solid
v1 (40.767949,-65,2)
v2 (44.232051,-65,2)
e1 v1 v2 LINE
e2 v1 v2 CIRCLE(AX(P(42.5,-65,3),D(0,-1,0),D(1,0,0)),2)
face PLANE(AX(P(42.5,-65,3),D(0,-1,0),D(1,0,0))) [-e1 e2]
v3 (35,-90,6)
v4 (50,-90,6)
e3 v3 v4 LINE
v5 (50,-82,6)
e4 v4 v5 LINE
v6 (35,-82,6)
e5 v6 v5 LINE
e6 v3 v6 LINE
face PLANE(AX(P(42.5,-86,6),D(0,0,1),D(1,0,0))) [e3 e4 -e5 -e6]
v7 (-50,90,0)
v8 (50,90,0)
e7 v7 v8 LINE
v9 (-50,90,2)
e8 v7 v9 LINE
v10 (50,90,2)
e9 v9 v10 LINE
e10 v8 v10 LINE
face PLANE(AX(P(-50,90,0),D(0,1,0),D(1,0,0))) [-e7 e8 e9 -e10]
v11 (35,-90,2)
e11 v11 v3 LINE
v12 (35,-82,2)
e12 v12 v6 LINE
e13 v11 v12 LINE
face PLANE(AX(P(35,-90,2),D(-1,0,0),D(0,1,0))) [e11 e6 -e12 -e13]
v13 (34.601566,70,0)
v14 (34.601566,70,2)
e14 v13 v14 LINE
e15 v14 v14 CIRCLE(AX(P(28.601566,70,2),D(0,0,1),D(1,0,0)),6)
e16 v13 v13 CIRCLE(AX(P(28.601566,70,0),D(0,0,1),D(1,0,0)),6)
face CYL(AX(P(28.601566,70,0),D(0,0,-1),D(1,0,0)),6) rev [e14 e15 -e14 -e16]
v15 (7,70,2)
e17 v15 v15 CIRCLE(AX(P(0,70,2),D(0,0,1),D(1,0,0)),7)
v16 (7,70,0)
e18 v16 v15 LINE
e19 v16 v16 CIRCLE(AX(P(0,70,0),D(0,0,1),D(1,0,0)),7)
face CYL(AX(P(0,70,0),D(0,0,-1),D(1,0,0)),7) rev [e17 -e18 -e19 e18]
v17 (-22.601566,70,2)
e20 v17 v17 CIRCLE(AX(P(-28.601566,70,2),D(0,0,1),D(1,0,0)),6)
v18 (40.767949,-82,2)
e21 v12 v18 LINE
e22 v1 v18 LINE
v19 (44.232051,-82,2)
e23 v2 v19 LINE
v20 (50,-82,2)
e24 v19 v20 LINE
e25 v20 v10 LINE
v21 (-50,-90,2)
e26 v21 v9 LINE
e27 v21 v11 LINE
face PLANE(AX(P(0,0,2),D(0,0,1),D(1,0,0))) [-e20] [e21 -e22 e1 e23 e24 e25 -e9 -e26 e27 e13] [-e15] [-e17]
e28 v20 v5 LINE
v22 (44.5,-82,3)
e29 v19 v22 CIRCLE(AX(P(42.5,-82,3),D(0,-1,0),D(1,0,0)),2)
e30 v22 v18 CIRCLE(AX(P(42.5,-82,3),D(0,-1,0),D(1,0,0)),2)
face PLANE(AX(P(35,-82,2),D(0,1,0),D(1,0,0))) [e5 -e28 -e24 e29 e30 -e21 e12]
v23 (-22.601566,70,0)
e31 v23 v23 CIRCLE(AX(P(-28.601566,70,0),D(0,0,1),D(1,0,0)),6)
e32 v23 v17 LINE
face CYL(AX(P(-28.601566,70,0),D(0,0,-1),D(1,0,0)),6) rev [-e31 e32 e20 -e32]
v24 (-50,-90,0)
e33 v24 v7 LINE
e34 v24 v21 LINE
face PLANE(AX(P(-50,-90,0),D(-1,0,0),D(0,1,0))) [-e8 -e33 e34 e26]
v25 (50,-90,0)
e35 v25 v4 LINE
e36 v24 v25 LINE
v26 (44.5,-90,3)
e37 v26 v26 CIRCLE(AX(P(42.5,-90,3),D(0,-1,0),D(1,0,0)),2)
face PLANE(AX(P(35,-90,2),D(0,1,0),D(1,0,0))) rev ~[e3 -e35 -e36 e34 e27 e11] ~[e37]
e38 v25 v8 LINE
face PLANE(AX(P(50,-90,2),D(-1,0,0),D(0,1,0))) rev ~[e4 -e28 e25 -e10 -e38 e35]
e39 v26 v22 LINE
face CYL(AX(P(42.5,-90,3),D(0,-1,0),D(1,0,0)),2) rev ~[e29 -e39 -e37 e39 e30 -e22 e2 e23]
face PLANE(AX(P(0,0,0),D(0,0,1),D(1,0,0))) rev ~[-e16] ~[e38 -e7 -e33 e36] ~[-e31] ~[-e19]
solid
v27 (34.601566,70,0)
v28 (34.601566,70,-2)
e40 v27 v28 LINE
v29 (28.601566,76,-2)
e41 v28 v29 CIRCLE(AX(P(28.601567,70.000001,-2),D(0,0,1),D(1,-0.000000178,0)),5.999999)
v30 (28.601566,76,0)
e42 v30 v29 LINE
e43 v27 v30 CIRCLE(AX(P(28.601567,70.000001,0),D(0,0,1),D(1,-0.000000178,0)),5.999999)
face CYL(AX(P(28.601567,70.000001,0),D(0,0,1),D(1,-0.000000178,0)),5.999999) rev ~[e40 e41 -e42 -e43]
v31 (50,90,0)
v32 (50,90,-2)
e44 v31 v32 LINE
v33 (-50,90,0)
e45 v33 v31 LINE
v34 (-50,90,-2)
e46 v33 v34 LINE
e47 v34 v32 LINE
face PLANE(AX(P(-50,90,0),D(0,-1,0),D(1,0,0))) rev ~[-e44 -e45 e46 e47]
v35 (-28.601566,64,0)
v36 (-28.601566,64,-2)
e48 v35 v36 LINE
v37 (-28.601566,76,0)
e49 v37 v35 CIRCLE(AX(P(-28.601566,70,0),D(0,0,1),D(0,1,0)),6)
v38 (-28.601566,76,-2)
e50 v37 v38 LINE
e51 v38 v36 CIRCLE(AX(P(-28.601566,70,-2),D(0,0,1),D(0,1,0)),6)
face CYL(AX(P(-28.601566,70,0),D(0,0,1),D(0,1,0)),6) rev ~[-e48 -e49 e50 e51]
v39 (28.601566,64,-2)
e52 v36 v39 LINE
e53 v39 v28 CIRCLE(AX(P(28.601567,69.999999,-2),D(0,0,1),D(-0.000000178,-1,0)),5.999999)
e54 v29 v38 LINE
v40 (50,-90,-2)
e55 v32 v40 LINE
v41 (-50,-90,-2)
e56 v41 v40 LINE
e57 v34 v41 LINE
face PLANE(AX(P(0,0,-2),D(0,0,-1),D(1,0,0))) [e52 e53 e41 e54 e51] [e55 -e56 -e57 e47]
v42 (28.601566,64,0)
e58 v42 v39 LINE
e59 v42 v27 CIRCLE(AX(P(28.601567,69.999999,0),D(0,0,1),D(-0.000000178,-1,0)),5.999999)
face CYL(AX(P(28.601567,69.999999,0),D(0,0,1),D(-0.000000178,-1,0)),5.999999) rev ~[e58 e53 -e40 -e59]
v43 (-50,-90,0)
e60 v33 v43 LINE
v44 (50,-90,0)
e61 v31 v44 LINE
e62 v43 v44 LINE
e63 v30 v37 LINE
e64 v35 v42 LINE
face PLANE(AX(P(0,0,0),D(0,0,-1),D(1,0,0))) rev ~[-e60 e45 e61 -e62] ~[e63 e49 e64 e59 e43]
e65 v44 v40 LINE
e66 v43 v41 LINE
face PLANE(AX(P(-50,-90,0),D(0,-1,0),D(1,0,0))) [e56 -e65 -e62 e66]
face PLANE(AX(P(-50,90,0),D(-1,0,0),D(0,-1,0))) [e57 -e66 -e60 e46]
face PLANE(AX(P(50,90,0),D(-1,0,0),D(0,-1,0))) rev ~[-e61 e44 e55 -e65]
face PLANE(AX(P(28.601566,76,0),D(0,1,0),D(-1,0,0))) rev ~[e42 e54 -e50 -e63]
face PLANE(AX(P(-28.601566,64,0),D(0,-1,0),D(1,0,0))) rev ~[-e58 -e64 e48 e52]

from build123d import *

# Parameters (mm, degrees)
F0_W     = 100
F0_H     = 180
F0_R     = 6
F0_R_2   = 7
F1_DEPTH = 2
F2_W     = 100
F2_H     = 180
F3_DEPTH = 2
F4_W     = 15
F4_H     = 8
F5_DEPTH = 4
F6_R     = 2
F7_DEPTH = 25


with BuildPart() as f1:
    # F0 (on Top) → F1 (new body)
    with BuildSketch(Plane.XY):
        Rectangle(F0_W, F0_H)
        with Locations((-28.601566, 70)):
            Circle(F0_R, mode=Mode.SUBTRACT)
        with Locations((0, 70)):
            Circle(F0_R_2, mode=Mode.SUBTRACT)
        with Locations((28.601566, 70)):
            Circle(F0_R, mode=Mode.SUBTRACT)
    extrude(amount=F1_DEPTH)

    # F4 (on face) → F5 (join)
    with BuildSketch(Plane.XY.offset(2)):
        with Locations((42.5, -86)):
            Rectangle(F4_W, F4_H)
    extrude(amount=F5_DEPTH)

    # F6 (on face) → F7 (cut)
    with BuildSketch(Plane.XZ.offset(90)):
        with Locations((42.5, 3)):
            Circle(F6_R)
    extrude(amount=-F7_DEPTH, mode=Mode.SUBTRACT)


with BuildPart() as f3:
    # F2 (on face) → F3 (new body)
    with BuildSketch(Plane(origin=(0, 0, 0), x_dir=(1, 0, 0), z_dir=(0, 0, -1))):
        Rectangle(F2_W, F2_H)
        with BuildLine():
            ThreePointArc((-28.601566, -76), (-34.601566, -70), (-28.601566, -64))
            Line((-28.601566, -64), (28.601566, -64))
            ThreePointArc((28.601566, -64), (32.844207, -65.757359), (34.601566, -70))
            ThreePointArc((34.601566, -70), (32.844207, -74.242641), (28.601566, -76))
            Line((28.601566, -76), (-28.601566, -76))
        make_face(mode=Mode.SUBTRACT)
    extrude(amount=F3_DEPTH)


solid = Compound([f1.part, f3.part])
